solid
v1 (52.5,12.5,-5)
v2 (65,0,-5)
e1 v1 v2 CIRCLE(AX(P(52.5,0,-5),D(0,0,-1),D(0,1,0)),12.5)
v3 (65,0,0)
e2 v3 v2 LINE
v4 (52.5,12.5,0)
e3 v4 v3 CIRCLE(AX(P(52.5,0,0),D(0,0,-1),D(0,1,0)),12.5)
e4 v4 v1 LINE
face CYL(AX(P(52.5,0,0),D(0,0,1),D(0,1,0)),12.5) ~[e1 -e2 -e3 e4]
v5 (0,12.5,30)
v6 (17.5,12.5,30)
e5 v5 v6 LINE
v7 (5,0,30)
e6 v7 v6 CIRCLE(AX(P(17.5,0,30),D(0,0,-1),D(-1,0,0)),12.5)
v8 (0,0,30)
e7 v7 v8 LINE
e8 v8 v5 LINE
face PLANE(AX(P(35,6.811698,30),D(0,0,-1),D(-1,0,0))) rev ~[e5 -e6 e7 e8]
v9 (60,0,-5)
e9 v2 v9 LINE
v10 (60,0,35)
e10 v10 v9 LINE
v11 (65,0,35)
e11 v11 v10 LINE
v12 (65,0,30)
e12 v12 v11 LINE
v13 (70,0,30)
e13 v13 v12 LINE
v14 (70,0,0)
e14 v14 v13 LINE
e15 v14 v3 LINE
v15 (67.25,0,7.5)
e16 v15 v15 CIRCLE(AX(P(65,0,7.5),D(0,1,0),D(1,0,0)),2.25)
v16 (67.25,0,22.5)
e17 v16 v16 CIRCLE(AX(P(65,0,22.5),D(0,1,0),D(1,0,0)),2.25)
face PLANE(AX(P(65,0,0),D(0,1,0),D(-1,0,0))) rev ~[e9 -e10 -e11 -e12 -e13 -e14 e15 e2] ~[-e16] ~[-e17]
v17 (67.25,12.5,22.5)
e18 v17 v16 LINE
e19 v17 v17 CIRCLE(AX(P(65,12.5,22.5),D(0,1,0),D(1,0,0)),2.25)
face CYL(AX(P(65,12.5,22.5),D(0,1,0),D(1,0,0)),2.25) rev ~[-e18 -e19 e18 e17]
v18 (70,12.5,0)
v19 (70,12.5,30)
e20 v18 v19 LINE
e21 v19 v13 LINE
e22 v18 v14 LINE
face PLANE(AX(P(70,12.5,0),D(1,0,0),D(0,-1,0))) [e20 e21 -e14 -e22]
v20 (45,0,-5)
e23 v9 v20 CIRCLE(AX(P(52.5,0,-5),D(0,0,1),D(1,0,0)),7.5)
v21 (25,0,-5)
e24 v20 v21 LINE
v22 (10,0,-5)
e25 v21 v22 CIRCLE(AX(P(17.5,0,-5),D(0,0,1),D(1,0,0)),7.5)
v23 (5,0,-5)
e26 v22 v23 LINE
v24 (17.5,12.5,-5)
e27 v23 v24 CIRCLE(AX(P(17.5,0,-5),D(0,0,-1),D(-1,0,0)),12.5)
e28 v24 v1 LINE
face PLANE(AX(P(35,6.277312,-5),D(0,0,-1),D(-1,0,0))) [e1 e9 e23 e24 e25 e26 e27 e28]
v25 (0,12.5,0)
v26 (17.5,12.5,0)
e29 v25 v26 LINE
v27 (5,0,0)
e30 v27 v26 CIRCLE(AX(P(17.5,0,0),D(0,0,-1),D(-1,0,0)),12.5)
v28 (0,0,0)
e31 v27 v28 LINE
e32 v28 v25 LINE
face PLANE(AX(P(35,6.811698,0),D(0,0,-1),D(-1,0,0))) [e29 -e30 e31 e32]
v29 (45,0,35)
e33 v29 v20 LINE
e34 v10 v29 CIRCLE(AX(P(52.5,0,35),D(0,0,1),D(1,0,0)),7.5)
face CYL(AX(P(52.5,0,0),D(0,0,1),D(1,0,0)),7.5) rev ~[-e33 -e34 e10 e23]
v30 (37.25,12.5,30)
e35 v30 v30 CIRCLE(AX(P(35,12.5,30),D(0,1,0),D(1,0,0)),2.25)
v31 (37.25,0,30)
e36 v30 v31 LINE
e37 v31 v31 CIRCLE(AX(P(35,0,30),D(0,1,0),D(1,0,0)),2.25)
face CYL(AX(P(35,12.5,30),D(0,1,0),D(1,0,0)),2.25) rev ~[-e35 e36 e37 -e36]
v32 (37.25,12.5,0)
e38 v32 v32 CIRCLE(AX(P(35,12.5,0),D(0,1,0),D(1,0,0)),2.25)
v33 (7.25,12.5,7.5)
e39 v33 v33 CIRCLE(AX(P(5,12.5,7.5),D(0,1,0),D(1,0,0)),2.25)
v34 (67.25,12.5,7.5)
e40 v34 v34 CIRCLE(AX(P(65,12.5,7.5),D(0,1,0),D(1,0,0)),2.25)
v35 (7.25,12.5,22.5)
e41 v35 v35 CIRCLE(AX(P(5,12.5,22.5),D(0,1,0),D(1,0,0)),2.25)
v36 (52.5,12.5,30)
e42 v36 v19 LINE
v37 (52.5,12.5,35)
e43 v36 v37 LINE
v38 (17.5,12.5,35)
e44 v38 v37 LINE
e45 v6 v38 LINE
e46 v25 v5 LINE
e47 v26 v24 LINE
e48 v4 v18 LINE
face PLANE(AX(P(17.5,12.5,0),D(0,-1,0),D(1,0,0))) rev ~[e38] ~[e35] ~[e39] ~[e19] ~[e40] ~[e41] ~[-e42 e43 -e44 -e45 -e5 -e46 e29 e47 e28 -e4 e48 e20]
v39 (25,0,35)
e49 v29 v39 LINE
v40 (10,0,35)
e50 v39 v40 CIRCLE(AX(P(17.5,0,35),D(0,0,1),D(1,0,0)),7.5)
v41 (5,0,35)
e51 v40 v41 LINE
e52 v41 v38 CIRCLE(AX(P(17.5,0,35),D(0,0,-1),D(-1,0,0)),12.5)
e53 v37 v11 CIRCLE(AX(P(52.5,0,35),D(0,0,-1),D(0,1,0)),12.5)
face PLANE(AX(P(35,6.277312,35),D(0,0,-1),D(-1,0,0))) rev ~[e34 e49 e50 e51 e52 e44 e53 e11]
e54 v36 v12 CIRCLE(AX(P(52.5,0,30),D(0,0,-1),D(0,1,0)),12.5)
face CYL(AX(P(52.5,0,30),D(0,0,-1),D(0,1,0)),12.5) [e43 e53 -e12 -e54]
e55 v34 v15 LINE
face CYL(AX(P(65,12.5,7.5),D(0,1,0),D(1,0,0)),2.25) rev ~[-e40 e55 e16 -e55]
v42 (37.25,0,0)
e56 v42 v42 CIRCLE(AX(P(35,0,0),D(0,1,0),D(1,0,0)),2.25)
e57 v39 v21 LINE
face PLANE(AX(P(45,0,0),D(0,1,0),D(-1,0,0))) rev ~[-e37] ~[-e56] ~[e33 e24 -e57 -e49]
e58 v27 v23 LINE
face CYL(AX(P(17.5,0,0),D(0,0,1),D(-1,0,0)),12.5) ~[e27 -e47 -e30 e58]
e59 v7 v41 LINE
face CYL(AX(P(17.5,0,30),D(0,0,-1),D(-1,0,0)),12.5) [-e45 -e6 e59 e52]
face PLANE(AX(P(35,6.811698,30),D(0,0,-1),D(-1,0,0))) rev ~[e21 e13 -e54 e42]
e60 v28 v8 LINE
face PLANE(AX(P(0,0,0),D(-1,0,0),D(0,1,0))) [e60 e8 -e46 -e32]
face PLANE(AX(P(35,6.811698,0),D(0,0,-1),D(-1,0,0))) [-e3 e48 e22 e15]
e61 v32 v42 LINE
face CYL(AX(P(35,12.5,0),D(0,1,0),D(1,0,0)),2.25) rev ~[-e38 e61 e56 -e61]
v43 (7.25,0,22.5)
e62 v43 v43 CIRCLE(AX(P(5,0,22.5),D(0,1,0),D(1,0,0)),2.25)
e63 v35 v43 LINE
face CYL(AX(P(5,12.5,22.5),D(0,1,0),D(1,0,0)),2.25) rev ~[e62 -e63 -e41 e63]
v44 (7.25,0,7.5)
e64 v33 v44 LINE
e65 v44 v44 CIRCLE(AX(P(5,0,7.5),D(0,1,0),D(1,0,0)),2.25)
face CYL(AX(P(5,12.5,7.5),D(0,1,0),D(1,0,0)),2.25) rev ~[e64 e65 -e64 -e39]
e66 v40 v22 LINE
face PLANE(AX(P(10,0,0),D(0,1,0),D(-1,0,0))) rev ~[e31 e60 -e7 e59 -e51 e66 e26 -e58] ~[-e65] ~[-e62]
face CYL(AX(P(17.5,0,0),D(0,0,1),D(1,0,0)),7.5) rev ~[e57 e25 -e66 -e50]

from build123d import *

# Parameters (mm, degrees)
BOSS_EXTRUDE1_DEPTH = 30
BOSS_EXTRUDE2_DEPTH = 5
BOSS_EXTRUDE3_DEPTH = 5
SKETCH5_R           = 2.25
CUT_EXTRUDE1_DEPTH  = 12.5


with BuildPart() as part:
    # Sketch2 → Boss-Extrude1 (new body)
    with BuildSketch(Plane.XY):
        with BuildLine():
            Line((0, 0), (0, 12.5))
            Line((0, 12.5), (70, 12.5))
            Line((70, 12.5), (70, 0))
            Line((70, 0), (60, 0))
            ThreePointArc((60, 0), (52.5, 7.5), (45, 0))
            Line((45, 0), (25, 0))
            ThreePointArc((25, 0), (17.5, 7.5), (10, 0))
            Line((10, 0), (0, 0))
        make_face()
    extrude(amount=BOSS_EXTRUDE1_DEPTH)

    # Sketch3 → Boss-Extrude2 (add)
    with BuildSketch(Plane.XY.offset(30)):
        with BuildLine():
            Line((17.5, 12.5), (52.5, 12.5))
            ThreePointArc((52.5, 12.5), (61.338834765, 8.838834765), (65, 0))
            Line((65, 0), (60, 0))
            ThreePointArc((60, 0), (52.5, 7.5), (45, 0))
            Line((45, 0), (25, 0))
            ThreePointArc((25, 0), (17.5, 7.5), (10, 0))
            Line((10, 0), (5, 0))
            ThreePointArc((5, 0), (8.661165235, 8.838834765), (17.5, 12.5))
        make_face()
    extrude(amount=BOSS_EXTRUDE2_DEPTH)

    # Sketch4 → Boss-Extrude3 (add)
    with BuildSketch(Plane(origin=(0, 0, 0), x_dir=(-1, 0, 0), z_dir=(0, 0, -1))):
        with BuildLine():
            Line((-65, 0), (-60, 0))
            ThreePointArc((-60, 0), (-52.5, 7.5), (-45, 0))
            Line((-45, 0), (-25, 0))
            ThreePointArc((-25, 0), (-17.5, 7.5), (-10, 0))
            Line((-10, 0), (-5, 0))
            ThreePointArc((-5, 0), (-8.661165235, 8.838834765), (-17.5, 12.5))
            Line((-17.5, 12.5), (-52.5, 12.5))
            ThreePointArc((-52.5, 12.5), (-61.338834765, 8.838834765), (-65, 0))
        make_face()
    extrude(amount=BOSS_EXTRUDE3_DEPTH)

    # Sketch5 → Cut-Extrude1 (cut)
    with BuildSketch(Plane(origin=(0, 12.5, 0), x_dir=(1, 0, 0), z_dir=(0, 1, 0))):
        with Locations((35, 0)):
            Circle(SKETCH5_R)
        with Locations((35, -30)):
            Circle(SKETCH5_R)
        with Locations((65, -7.5)):
            Circle(SKETCH5_R)
        with Locations((65, -22.5)):
            Circle(SKETCH5_R)
        with Locations((5, -22.5)):
            Circle(SKETCH5_R)
        with Locations((5, -7.5)):
            Circle(SKETCH5_R)
    extrude(amount=-CUT_EXTRUDE1_DEPTH, mode=Mode.SUBTRACT)


solid = part.part
